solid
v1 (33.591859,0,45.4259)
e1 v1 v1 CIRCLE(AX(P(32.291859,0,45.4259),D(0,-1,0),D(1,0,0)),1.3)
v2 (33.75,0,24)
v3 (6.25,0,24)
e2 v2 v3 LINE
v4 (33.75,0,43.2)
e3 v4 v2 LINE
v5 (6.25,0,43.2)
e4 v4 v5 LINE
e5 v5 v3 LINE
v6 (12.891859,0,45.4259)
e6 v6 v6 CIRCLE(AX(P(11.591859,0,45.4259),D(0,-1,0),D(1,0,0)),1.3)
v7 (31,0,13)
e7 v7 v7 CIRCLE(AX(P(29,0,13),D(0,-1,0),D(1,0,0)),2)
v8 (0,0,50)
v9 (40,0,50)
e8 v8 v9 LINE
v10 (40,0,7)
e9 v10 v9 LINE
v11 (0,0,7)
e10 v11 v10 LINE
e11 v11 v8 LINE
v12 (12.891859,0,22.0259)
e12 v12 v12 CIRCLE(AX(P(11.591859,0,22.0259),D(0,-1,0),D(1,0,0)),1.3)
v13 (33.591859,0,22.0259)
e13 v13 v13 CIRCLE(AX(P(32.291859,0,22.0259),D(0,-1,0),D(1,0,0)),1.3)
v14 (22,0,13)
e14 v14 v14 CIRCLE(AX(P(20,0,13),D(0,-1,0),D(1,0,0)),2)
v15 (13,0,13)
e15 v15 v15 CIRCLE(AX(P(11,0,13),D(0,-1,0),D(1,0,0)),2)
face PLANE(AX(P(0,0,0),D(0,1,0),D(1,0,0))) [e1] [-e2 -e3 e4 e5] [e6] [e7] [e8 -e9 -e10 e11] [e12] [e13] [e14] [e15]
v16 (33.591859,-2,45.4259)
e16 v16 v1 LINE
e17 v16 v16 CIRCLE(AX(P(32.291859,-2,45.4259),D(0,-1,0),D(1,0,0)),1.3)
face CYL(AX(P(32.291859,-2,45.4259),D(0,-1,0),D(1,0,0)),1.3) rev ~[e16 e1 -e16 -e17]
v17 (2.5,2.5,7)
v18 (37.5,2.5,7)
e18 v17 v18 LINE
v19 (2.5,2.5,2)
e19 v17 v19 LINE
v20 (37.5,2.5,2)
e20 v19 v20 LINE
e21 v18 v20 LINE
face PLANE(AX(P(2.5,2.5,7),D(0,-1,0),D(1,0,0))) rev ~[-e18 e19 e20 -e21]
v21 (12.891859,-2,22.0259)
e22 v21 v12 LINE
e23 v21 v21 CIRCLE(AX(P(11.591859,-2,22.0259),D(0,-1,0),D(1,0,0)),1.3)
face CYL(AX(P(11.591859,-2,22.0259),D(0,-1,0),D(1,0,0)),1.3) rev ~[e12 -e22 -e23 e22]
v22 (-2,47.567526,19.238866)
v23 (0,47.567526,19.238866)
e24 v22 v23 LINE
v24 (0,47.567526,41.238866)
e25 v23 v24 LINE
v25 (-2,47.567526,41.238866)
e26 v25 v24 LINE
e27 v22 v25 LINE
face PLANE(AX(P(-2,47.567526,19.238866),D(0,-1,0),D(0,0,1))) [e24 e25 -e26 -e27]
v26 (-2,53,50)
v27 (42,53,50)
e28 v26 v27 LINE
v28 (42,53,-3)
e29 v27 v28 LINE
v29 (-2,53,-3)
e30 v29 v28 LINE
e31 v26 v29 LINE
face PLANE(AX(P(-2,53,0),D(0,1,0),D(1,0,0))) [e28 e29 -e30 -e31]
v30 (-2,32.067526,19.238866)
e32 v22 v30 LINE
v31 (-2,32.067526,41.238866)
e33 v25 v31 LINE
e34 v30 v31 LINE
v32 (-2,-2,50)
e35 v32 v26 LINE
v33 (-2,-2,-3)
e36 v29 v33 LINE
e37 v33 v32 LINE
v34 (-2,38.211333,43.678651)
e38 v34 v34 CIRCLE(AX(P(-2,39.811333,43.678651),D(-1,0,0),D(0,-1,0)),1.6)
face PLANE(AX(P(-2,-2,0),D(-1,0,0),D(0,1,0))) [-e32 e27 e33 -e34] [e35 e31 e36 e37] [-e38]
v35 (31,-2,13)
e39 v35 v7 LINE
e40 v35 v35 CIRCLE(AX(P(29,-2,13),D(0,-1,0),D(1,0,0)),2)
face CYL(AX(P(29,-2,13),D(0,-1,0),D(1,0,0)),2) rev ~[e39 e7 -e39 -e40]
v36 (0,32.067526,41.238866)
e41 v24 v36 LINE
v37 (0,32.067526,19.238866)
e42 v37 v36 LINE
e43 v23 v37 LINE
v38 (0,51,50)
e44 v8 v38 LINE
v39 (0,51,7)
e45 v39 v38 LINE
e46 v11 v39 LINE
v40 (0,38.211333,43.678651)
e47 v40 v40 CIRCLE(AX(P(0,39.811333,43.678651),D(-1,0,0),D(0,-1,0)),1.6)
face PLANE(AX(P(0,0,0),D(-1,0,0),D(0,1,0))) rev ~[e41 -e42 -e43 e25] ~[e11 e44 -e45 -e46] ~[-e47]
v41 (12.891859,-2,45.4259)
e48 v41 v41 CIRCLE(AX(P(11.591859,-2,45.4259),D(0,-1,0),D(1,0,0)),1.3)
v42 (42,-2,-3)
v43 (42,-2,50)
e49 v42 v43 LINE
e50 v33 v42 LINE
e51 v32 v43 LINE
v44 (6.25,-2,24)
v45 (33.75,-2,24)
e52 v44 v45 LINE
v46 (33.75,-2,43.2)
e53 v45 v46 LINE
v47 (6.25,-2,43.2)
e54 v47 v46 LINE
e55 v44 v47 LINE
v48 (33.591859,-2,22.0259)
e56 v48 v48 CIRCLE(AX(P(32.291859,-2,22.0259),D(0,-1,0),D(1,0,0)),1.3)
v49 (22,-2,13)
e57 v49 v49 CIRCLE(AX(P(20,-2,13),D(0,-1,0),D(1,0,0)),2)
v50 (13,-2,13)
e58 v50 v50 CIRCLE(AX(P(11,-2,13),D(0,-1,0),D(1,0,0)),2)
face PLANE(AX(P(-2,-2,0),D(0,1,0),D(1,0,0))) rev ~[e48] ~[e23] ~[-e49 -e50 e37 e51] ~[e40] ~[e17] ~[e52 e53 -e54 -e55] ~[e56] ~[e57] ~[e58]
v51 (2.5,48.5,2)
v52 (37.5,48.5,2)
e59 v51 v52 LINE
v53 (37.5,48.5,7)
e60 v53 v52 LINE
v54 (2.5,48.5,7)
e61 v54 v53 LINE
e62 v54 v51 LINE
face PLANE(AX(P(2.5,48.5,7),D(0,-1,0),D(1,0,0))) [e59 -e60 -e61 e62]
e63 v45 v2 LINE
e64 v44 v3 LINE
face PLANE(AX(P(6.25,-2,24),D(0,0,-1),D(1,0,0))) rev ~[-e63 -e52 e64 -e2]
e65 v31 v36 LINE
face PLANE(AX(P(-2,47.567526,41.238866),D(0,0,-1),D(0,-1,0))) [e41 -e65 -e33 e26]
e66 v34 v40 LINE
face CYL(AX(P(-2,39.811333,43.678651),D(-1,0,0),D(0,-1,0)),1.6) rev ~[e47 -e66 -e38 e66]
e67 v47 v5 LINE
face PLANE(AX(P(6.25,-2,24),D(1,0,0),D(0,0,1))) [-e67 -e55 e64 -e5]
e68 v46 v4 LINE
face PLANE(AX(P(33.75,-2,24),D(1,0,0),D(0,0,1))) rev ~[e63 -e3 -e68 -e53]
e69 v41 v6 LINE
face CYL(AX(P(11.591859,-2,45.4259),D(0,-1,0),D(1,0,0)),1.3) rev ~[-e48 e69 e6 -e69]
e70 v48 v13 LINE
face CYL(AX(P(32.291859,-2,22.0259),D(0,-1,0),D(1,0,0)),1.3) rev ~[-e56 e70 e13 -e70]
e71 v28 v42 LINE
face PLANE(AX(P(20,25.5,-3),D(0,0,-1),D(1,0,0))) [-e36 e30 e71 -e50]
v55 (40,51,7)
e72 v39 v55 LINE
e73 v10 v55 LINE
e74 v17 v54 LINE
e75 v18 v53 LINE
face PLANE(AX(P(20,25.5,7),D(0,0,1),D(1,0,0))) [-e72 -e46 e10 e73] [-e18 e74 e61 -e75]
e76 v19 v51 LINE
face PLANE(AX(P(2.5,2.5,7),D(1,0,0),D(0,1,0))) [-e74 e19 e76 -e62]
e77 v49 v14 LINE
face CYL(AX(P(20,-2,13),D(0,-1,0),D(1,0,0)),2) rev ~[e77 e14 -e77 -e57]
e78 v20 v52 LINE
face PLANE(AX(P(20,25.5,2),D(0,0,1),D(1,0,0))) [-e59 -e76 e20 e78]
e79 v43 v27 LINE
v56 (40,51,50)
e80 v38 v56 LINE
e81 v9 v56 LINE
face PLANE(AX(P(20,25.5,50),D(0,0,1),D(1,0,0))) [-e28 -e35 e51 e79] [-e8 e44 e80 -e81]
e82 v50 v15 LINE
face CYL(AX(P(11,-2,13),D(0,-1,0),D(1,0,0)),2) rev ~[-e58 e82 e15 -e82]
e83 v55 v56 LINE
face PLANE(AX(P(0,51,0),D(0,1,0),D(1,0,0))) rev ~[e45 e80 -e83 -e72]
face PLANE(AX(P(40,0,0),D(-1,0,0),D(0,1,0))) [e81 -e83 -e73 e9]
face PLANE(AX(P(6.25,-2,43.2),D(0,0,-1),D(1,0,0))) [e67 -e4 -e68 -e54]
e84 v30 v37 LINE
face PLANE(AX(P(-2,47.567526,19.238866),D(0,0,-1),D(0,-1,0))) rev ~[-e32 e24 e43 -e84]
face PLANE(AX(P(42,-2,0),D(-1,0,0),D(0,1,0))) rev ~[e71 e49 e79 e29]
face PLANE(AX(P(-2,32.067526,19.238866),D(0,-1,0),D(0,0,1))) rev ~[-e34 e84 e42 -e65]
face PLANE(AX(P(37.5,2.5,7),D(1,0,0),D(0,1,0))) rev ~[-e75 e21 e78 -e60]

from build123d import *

# Parameters (mm, degrees)
SKETCH_W        = 40
SKETCH_H        = 51
PAD_DEPTH       = 7
SKETCH001_W     = 35
SKETCH001_H     = 46
POCKET_DEPTH    = 5
SKETCH002_W     = 44
SKETCH002_H     = 55
PAD001_DEPTH    = 3
SKETCH003_W     = 44
SKETCH003_H     = 55
SKETCH003_W_2   = 40
SKETCH003_H_2   = 51
PAD002_DEPTH    = 50
SKETCH004_R     = 1.3
SKETCH004_W     = 27.5
SKETCH004_H     = 19.2
POCKET001_DEPTH = 5
SKETCH005_R     = 2
POCKET002_DEPTH = 5
SKETCH006_R     = 1.6
SKETCH006_W     = 15.5
SKETCH006_H     = 22
POCKET003_DEPTH = 5


with BuildPart() as part:
    # Sketch → Pad (new body)
    with BuildSketch(Plane.XY):
        with Locations((20, 25.5)):
            Rectangle(SKETCH_W, SKETCH_H)
    extrude(amount=PAD_DEPTH)

    # Sketch001 → Pocket (cut)
    with BuildSketch(Plane.XY.offset(7)):
        with Locations((20, 25.5)):
            Rectangle(SKETCH001_W, SKETCH001_H)
    extrude(amount=-POCKET_DEPTH, mode=Mode.SUBTRACT)

    # Sketch002 → Pad001 (new body)
    with BuildSketch(Plane(origin=(0, 0, 0), x_dir=(1, 0, 0), z_dir=(0, 0, -1))):
        with Locations((20, -25.5)):
            Rectangle(SKETCH002_W, SKETCH002_H)
    extrude(amount=PAD001_DEPTH)

    # Sketch003 → Pad002 (new body)
    with BuildSketch(Plane.XY):
        with Locations((20, 25.5)):
            Rectangle(SKETCH003_W, SKETCH003_H)
        with Locations((20, 25.5)):
            Rectangle(SKETCH003_W_2, SKETCH003_H_2, mode=Mode.SUBTRACT)
    extrude(amount=PAD002_DEPTH)

    # Sketch004 → Pocket001 (cut)
    with BuildSketch(Plane.XZ.offset(2)):
        with Locations((11.591859, 22.0259)):
            Circle(SKETCH004_R)
        with Locations((32.291859, 22.0259)):
            Circle(SKETCH004_R)
        with Locations((11.591859, 45.4259)):
            Circle(SKETCH004_R)
        with Locations((32.291859, 45.4259)):
            Circle(SKETCH004_R)
        with Locations((20, 33.6)):
            Rectangle(SKETCH004_W, SKETCH004_H)
    extrude(amount=-POCKET001_DEPTH, mode=Mode.SUBTRACT)

    # Sketch005 → Pocket002 (cut)
    with BuildSketch(Plane.XZ.offset(2)):
        with Locations((11, 13)):
            Circle(SKETCH005_R)
        with Locations((20, 13)):
            Circle(SKETCH005_R)
        with Locations((29, 13)):
            Circle(SKETCH005_R)
    extrude(amount=-POCKET002_DEPTH, mode=Mode.SUBTRACT)

    # Sketch006 → Pocket003 (cut)
    with BuildSketch(Plane(origin=(-2, 0, 0), x_dir=(0, -1, 0), z_dir=(-1, 0, 0))):
        with Locations((-39.811333, 43.678651)):
            Circle(SKETCH006_R)
        with Locations((-39.817526, 30.238866)):
            Rectangle(SKETCH006_W, SKETCH006_H)
    extrude(amount=-POCKET003_DEPTH, mode=Mode.SUBTRACT)


solid = part.part
